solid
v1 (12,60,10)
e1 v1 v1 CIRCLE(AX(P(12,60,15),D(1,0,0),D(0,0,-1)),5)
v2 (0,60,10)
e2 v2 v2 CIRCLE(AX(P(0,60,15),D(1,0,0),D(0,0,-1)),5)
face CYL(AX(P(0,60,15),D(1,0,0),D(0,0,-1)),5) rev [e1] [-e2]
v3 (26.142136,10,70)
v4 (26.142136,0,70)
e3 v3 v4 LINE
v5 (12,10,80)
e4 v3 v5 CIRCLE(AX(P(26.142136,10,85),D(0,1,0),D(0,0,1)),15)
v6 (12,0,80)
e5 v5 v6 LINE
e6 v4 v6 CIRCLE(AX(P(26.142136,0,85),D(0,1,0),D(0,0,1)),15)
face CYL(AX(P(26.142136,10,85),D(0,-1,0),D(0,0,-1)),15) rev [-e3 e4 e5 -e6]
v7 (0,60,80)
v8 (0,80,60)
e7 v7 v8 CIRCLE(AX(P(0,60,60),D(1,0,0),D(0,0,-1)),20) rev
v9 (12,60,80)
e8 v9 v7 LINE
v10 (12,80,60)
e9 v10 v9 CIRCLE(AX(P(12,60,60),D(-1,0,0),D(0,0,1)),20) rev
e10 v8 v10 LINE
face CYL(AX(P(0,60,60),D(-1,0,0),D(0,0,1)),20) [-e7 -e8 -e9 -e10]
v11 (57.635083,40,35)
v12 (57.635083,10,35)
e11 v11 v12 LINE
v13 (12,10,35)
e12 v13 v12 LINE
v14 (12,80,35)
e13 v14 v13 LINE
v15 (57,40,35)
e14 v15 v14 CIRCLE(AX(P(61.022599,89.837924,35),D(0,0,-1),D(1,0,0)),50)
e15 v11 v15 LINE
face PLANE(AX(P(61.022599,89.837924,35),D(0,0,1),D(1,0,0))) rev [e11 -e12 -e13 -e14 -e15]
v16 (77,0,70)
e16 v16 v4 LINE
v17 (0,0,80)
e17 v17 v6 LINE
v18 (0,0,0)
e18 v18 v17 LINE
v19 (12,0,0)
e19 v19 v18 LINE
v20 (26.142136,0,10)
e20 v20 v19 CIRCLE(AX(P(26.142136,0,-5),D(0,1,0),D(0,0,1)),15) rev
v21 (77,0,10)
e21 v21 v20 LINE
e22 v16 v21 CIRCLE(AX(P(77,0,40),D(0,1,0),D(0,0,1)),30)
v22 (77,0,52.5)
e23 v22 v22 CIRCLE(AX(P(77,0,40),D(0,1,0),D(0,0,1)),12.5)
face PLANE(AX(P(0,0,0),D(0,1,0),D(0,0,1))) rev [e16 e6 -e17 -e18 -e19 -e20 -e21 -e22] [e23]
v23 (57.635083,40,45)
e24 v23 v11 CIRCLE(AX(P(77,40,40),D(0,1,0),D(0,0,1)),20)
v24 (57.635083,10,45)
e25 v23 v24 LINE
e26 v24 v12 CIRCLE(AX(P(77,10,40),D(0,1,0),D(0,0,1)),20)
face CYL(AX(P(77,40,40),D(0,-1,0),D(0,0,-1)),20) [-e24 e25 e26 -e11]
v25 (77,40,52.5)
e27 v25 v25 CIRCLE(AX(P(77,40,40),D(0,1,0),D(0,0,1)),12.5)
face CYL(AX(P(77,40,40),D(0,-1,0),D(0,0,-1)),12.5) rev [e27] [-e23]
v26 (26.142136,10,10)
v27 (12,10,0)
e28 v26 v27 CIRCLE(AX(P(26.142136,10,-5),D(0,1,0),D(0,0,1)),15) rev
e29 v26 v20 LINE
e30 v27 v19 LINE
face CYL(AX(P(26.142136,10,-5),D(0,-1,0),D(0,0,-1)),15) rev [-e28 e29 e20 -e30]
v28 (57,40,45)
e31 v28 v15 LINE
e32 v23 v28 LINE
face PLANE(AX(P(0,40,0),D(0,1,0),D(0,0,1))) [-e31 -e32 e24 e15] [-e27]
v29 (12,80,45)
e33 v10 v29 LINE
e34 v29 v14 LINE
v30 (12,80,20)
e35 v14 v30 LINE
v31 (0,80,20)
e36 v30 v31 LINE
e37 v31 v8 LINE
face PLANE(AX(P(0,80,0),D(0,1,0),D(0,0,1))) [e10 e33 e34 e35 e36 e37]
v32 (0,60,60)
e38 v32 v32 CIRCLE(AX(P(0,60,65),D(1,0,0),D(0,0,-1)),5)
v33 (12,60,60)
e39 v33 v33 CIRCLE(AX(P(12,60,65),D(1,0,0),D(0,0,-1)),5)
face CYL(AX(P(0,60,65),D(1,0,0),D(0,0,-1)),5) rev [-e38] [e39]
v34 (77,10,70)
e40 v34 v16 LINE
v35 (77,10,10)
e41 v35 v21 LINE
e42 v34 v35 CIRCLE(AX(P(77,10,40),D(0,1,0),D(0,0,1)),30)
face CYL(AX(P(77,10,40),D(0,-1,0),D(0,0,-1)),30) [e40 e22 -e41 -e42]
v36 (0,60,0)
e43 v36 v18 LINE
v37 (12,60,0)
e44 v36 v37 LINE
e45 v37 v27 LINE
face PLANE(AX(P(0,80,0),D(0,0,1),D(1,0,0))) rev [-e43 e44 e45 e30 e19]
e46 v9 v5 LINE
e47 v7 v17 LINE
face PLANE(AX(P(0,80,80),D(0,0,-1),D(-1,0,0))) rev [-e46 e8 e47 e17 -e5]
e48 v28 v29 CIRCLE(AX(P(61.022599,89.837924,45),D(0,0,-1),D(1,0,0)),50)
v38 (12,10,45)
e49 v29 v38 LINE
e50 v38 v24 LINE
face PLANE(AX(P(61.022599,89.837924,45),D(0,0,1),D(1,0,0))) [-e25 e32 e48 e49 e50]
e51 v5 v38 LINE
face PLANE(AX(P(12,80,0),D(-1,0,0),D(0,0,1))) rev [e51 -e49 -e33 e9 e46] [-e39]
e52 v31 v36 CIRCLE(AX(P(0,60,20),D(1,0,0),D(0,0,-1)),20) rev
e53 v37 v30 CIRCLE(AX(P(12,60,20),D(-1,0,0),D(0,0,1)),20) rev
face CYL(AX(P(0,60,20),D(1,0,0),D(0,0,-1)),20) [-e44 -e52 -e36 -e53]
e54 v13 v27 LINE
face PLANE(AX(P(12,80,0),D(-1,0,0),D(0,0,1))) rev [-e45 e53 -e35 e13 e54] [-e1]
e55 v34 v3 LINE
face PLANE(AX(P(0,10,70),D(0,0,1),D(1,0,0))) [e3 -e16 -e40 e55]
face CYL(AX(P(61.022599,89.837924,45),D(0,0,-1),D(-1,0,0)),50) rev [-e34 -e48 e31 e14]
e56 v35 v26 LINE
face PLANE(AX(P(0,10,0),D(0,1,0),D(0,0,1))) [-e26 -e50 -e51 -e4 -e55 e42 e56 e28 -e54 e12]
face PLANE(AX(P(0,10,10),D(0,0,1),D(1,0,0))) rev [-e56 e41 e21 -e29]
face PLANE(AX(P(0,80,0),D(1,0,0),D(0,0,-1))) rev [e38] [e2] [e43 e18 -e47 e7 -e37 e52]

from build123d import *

# Parameters (mm, degrees)
SKETCH1_R            = 20
BOSS_EXTRUDE3_DEPTH  = 10
SKETCH1_6_W          = 12
SKETCH1_6_H          = 80
BOSS_EXTRUDE4_DEPTH  = 80
FILLET1_R            = 20
SKETCH1_8_R          = 20
SKETCH1_8_R_2        = 12.5
BOSS_EXTRUDE5_DEPTH  = 40
BOSS_EXTRUDE11_DEPTH = 5
SKETCH12_R           = 5
CUT_EXTRUDE1_DEPTH   = 148.732867027


with BuildPart() as part:
    # Sketch1 → Boss-Extrude3 (new body)
    with BuildSketch(Plane(origin=(0, 0, 0), x_dir=(1, 0, 0), z_dir=(0, 1, 0))):
        with BuildLine():
            ThreePointArc((26.142135624, -10), (17.481881586, -7.247448714), (12, 0))
            Line((12, 0), (12, -80))
            ThreePointArc((12, -80), (17.481881586, -72.752551286), (26.142135624, -70))
            Line((26.142135624, -70), (77, -70))
            ThreePointArc((77, -70), (107, -40), (77, -10))
            Line((77, -10), (26.142135624, -10))
        make_face()
        with Locations((77, -40)):
            Circle(SKETCH1_R, mode=Mode.SUBTRACT)
    extrude(amount=BOSS_EXTRUDE3_DEPTH)

    # Sketch1<6> → Boss-Extrude4 (add)
    with BuildSketch(Plane(origin=(0, 0, 0), x_dir=(1, 0, 0), z_dir=(0, 1, 0))):
        with Locations((6, -40)):
            Rectangle(SKETCH1_6_W, SKETCH1_6_H)
    extrude(amount=BOSS_EXTRUDE4_DEPTH)

    # Fillet1
    fillet1_edges = [part.edges().sort_by_distance(p)[0] for p in [
        (6, 80, 0),
        (6, 80, 80),
    ]]
    fillet(fillet1_edges, radius=FILLET1_R)

    # Sketch1<8> → Boss-Extrude5 (add)
    with BuildSketch(Plane(origin=(0, 0, 0), x_dir=(1, 0, 0), z_dir=(0, 1, 0))):
        with Locations((77, -40)):
            Circle(SKETCH1_8_R)
        with Locations((77, -40)):
            Circle(SKETCH1_8_R_2, mode=Mode.SUBTRACT)
    extrude(amount=BOSS_EXTRUDE5_DEPTH)

    # Sketch11 → Boss-Extrude11 (add, symmetric)
    with BuildSketch(Plane.XY.offset(40)):
        with BuildLine():
            Line((12, 80), (12, 10))
            Line((12, 10), (57, 10))
            Line((57, 10), (64.5, 10))
            Line((64.5, 10), (64.5, 40))
            Line((64.5, 40), (57, 40))
            ThreePointArc((57, 40), (27.804407401, 52.467458326), (12, 80))
        make_face()
    extrude(amount=BOSS_EXTRUDE11_DEPTH, both=True)

    # Sketch12 → Cut-Extrude1 (cut, through all)
    with BuildSketch(Plane(origin=(12, 0, 0), x_dir=(0, 0, -1), z_dir=(1, 0, 0))):
        with Locations((-65, 60)):
            Circle(SKETCH12_R)
        with Locations((-15, 60)):
            Circle(SKETCH12_R)
    extrude(amount=-CUT_EXTRUDE1_DEPTH, mode=Mode.SUBTRACT)


solid = part.part
